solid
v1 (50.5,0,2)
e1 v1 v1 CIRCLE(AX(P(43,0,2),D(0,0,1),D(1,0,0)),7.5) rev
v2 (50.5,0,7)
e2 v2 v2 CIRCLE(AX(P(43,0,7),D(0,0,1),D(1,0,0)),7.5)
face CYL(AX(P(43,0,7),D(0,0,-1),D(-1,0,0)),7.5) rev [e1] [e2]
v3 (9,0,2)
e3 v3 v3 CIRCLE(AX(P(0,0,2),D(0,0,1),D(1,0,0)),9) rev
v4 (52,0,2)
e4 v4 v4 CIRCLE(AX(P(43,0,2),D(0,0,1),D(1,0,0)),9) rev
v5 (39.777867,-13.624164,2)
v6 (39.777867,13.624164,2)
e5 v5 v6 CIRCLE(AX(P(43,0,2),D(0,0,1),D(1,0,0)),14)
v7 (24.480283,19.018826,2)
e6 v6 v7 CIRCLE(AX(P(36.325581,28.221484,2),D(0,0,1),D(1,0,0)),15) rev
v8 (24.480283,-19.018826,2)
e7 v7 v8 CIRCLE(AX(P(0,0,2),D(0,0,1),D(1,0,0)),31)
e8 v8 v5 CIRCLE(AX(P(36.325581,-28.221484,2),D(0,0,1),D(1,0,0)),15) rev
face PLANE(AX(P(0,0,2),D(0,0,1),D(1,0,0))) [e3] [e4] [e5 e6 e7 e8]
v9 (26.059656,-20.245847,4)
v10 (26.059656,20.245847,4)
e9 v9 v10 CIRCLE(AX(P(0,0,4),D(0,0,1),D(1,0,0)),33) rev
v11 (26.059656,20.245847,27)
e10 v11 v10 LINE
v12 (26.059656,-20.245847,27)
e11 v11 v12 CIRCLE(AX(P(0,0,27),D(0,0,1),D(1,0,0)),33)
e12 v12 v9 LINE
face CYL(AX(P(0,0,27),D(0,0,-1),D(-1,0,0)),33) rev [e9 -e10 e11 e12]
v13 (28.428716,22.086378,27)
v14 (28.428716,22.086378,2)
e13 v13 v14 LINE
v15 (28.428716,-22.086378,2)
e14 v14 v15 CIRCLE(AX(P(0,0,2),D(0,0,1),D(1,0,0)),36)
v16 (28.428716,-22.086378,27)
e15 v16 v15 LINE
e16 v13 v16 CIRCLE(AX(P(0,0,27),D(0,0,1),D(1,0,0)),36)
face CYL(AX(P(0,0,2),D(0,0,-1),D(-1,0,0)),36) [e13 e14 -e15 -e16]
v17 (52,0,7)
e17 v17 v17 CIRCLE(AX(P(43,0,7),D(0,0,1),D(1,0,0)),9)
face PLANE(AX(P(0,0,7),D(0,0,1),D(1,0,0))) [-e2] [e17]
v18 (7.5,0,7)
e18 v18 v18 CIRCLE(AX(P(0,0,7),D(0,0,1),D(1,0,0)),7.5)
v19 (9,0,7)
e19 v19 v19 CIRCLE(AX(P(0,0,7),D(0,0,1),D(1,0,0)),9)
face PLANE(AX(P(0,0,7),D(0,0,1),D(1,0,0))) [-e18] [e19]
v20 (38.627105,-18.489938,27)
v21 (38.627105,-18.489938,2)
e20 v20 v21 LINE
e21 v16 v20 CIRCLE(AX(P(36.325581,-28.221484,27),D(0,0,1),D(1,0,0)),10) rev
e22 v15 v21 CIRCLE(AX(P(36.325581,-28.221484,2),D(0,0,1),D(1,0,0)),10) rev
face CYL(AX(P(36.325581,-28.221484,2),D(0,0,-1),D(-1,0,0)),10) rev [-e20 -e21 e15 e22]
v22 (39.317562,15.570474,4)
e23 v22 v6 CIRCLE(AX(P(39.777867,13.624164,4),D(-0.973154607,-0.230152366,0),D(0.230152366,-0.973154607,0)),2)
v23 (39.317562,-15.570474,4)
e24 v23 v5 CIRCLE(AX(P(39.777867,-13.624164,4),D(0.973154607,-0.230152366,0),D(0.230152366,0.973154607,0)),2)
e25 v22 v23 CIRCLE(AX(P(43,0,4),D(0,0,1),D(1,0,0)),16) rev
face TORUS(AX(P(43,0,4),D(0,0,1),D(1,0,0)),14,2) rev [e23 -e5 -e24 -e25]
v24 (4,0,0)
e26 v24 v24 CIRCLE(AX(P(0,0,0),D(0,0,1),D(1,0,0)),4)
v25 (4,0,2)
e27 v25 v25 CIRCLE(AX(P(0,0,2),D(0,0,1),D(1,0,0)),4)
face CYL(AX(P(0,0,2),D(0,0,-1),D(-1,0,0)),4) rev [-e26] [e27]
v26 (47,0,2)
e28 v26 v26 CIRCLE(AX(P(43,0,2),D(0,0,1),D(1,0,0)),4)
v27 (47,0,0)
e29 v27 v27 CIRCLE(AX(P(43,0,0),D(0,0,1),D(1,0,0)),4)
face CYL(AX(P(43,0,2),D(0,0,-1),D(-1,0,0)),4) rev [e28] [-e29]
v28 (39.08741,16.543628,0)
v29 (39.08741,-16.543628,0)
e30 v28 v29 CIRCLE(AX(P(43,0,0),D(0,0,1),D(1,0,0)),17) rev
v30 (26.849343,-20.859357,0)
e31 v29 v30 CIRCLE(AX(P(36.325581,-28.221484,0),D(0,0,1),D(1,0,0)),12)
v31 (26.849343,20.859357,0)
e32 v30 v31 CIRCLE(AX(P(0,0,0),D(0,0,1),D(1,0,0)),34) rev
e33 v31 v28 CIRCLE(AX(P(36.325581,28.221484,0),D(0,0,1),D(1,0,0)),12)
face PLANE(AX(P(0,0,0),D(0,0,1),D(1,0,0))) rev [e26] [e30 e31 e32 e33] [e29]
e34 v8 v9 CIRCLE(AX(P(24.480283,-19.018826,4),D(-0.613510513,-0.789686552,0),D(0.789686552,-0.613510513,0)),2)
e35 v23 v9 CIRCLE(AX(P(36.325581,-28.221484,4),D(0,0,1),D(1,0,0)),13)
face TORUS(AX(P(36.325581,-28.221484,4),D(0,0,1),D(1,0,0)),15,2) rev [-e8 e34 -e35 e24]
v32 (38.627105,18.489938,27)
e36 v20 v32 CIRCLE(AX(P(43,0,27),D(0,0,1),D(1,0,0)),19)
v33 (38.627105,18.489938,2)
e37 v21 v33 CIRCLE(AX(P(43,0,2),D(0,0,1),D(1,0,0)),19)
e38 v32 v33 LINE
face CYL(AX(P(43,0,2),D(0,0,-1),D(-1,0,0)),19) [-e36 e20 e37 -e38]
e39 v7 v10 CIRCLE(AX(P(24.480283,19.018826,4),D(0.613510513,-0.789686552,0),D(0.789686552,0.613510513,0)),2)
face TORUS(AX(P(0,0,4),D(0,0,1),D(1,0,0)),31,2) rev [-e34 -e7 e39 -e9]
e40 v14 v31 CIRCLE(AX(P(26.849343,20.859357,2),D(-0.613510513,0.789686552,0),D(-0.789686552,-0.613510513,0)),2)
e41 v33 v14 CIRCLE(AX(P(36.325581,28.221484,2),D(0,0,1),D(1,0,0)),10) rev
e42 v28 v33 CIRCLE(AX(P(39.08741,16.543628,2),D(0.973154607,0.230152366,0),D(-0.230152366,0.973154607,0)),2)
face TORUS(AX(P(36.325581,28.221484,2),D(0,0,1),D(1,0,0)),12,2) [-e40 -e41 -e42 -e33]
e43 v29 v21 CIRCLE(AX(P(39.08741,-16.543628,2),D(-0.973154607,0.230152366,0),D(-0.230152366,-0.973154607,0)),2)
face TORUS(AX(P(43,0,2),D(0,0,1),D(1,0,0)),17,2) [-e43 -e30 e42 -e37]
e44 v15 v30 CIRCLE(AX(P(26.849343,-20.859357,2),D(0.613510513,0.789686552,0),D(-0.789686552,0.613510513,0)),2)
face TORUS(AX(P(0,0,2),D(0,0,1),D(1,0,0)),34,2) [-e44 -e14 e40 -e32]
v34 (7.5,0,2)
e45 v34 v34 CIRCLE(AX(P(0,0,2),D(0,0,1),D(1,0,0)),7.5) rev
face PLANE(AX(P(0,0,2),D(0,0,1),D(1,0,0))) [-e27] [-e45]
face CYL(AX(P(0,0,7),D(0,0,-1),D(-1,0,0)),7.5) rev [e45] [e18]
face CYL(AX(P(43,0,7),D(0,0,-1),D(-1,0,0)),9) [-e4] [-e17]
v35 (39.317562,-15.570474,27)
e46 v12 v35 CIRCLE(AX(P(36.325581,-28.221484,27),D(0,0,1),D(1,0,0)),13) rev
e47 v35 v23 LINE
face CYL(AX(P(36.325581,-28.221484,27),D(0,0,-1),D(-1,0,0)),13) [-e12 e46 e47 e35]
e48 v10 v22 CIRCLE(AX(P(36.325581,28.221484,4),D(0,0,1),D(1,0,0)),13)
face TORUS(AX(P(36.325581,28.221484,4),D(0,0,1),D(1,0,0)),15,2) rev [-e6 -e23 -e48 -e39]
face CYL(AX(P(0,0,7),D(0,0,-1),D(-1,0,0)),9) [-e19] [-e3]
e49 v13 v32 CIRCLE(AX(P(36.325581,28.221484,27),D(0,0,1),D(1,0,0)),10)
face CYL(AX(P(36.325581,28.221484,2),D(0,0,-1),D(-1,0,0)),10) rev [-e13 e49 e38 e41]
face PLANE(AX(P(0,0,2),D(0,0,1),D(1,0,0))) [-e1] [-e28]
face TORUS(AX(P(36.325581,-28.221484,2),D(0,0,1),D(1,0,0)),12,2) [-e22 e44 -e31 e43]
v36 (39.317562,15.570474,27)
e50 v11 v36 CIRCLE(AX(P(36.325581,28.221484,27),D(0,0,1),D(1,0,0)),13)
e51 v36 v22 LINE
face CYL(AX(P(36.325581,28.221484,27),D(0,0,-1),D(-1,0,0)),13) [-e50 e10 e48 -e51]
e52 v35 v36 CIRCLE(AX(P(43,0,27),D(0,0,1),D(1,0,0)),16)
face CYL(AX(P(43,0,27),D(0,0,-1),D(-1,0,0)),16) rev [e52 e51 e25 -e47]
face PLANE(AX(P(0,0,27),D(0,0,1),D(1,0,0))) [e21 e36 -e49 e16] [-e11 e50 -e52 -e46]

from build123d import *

# Parameters (mm, degrees)
SKETCH1_R           = 4
BOSS_EXTRUDE1_DEPTH = 2
SKETCH1_3_R         = 9
SKETCH1_3_R_2       = 7.5
BOSS_EXTRUDE2_DEPTH = 7
BOSS_EXTRUDE3_DEPTH = 27
FILLET1_R           = 2


with BuildPart() as part:
    # Sketch1 → Boss-Extrude1 (new body)
    with BuildSketch(Plane.XY):
        with BuildLine():
            ThreePointArc((38.627105052, 18.489937528), (32.999839448, 18.790712656), (28.428715875, 22.086378465))
            ThreePointArc((28.428715875, 22.086378465), (-36, 0), (28.428715875, -22.086378465))
            ThreePointArc((28.428715875, -22.086378465), (32.999839448, -18.790712656), (38.627105052, -18.489937528))
            ThreePointArc((38.627105052, -18.489937528), (62, 0), (38.627105052, 18.489937528))
        make_face()
        Circle(SKETCH1_R, mode=Mode.SUBTRACT)
        with Locations((43, 0)):
            Circle(SKETCH1_R, mode=Mode.SUBTRACT)
    extrude(amount=BOSS_EXTRUDE1_DEPTH)

    # Sketch1<3> → Boss-Extrude2 (add)
    # profile 1 of 2: a face of its own
    with BuildSketch(Plane.XY):
        Circle(SKETCH1_3_R)
        Circle(SKETCH1_3_R_2, mode=Mode.SUBTRACT)
    # profile 2 of 2: a face of its own
    with BuildSketch(Plane.XY):
        with Locations((43, 0)):
            Circle(SKETCH1_3_R)
        with Locations((43, 0)):
            Circle(SKETCH1_3_R_2, mode=Mode.SUBTRACT)
    extrude(amount=BOSS_EXTRUDE2_DEPTH)

    # Sketch1<4> → Boss-Extrude3 (add)
    with BuildSketch(Plane.XY):
        with BuildLine():
            ThreePointArc((38.627105052, 18.489937528), (32.999839448, 18.790712656), (28.428715875, 22.086378465))
            ThreePointArc((28.428715875, 22.086378465), (-36, 0), (28.428715875, -22.086378465))
            ThreePointArc((28.428715875, -22.086378465), (32.999839448, -18.790712656), (38.627105052, -18.489937528))
            ThreePointArc((38.627105052, -18.489937528), (62, 0), (38.627105052, 18.489937528))
        make_face()
        with BuildLine():
            ThreePointArc((26.059656218, -20.245846927), (-33, 0), (26.059656218, 20.245846927))
            ThreePointArc((26.059656218, 20.245846927), (32.002116864, 15.961481374), (39.317562149, 15.570473707))
            ThreePointArc((39.317562149, 15.570473707), (59, 0), (39.317562149, -15.570473707))
            ThreePointArc((39.317562149, -15.570473707), (32.002116864, -15.961481374), (26.059656218, -20.245846927))
        make_face(mode=Mode.SUBTRACT)
    extrude(amount=BOSS_EXTRUDE3_DEPTH)

    # Fillet1
    fillet1_edges = [part.edges().sort_by_distance(p)[0] for p in [
        (32.999839448, -18.790712656, 0),
        (-36, 0, 0),
        (32.999839448, 18.790712656, 0),
        (32.002116864, -15.961481374, 2),
        (59, 0, 2),
        (32.002116864, 15.961481374, 2),
        (62, 0, 0),
        (-33, 0, 2),
    ]]
    fillet(fillet1_edges, radius=FILLET1_R)


solid = part.part
